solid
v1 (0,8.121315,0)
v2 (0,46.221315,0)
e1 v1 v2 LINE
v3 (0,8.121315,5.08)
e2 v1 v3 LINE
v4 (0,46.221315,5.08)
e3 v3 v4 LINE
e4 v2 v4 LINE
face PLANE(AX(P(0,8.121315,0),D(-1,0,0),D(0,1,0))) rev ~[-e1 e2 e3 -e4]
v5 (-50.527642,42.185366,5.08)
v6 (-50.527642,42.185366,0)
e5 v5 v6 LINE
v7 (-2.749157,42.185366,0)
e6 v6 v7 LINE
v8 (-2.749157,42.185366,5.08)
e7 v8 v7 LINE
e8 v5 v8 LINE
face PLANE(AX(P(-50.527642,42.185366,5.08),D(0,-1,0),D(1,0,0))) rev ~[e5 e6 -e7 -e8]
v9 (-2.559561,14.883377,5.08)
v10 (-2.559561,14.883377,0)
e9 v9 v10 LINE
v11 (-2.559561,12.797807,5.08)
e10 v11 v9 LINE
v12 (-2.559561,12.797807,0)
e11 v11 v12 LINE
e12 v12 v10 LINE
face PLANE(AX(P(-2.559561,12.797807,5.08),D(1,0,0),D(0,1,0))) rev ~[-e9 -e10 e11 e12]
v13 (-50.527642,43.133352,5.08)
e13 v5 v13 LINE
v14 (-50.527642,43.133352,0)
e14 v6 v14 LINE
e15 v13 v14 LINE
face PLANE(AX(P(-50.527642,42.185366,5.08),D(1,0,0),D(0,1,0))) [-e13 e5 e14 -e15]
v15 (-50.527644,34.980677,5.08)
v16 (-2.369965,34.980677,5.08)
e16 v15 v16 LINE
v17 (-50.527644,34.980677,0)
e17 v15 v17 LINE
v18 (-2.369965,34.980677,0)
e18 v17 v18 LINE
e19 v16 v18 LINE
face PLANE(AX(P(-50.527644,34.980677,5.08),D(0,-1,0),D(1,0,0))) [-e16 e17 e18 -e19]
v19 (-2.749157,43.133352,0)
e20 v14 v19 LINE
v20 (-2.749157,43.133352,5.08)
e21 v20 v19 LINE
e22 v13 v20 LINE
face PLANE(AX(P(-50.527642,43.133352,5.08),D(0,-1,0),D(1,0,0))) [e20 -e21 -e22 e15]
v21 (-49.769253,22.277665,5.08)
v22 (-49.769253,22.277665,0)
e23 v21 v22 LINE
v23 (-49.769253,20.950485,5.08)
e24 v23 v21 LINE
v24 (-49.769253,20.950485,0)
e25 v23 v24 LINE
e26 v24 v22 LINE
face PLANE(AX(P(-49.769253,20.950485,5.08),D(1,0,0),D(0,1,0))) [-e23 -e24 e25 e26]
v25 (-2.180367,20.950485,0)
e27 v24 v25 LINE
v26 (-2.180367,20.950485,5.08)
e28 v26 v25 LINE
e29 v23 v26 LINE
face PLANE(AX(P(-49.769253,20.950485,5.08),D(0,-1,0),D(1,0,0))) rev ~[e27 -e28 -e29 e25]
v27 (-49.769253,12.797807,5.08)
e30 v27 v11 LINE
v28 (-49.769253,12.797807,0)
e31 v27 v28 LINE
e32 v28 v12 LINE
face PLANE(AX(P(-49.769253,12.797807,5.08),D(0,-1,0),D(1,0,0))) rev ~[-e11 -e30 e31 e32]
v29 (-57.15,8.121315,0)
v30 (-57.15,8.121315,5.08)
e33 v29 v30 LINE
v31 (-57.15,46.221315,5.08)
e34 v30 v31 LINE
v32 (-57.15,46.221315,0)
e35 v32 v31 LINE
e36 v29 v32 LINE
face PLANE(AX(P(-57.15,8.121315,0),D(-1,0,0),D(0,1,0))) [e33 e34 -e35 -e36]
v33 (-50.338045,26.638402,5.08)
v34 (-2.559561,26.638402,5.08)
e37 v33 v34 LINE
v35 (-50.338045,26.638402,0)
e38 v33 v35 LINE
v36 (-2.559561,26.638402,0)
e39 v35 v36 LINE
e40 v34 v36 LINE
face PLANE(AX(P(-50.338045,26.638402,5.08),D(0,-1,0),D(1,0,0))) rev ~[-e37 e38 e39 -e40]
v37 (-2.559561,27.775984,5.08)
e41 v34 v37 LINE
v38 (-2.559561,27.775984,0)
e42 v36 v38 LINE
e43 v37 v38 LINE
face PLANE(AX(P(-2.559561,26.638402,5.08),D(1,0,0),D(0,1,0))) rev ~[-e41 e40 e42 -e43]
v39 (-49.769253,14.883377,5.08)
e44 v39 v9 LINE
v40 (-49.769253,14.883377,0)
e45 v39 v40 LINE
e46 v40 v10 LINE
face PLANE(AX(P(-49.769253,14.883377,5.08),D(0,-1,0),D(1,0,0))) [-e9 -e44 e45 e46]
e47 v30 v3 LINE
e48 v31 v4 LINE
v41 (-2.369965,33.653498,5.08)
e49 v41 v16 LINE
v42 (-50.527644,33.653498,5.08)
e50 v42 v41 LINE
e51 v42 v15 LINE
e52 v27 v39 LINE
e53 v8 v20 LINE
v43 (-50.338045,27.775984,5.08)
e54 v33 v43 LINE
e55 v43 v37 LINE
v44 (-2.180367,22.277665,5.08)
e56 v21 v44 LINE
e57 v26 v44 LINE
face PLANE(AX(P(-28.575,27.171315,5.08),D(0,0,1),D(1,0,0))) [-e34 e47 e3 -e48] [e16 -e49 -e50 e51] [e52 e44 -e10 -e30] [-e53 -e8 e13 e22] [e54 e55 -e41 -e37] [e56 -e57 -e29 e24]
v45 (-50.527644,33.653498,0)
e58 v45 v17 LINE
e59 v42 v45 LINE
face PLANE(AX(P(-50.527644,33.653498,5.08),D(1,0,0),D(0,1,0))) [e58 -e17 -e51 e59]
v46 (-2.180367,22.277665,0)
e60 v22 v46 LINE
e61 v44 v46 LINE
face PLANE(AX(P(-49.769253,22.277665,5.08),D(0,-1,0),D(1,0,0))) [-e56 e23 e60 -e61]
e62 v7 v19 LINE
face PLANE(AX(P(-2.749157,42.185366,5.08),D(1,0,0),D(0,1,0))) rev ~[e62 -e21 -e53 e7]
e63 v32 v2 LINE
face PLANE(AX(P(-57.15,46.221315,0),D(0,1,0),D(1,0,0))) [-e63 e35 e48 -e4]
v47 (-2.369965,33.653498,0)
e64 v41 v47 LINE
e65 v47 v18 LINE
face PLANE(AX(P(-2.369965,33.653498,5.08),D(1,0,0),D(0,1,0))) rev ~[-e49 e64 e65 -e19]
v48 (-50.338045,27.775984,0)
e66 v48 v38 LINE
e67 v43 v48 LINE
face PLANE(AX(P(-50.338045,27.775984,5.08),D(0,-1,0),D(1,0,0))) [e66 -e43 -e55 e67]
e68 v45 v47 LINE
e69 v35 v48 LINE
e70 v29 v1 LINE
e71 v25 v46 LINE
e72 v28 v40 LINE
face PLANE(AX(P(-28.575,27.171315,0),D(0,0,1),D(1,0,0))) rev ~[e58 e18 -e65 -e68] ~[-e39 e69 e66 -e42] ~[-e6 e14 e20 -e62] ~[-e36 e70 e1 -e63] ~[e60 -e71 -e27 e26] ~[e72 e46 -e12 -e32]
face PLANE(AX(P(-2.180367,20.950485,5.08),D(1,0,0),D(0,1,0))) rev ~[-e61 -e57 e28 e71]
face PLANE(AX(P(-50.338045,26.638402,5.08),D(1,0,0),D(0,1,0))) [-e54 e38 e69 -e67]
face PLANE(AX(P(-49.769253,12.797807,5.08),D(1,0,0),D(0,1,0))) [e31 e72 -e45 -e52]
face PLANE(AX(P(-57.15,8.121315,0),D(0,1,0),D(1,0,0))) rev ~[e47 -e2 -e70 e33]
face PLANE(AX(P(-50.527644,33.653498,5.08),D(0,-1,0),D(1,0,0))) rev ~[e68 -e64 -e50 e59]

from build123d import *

# Parameters (mm, degrees)
F0_W     = 57.15
F0_H     = 38.1
F1_DEPTH = 5.08
F2_W     = 47.778485
F2_H     = 0.947986
F2_W_2   = 48.157679
F2_H_2   = 1.327179
F2_W_3   = 47.778484
F2_H_3   = 1.137582
F2_W_4   = 47.588886
F2_W_5   = 47.209692
F2_H_4   = 2.085569
F3_DEPTH = 115163.6


with BuildPart() as f1:
    # F0 (on Top) → F1 (new body)
    with BuildSketch(Plane.XY):
        with Locations((-28.575, 27.171315)):
            Rectangle(F0_W, F0_H)
    extrude(amount=F1_DEPTH)

    # F2 (on face) → F3 (cut)
    with BuildSketch(Plane.XY.offset(5.08)):
        with Locations((-26.6384, 42.659359)):
            Rectangle(F2_W, F2_H)
        with Locations((-26.448804, 34.317087)):
            Rectangle(F2_W_2, F2_H_2)
        with Locations((-26.448803, 27.207193)):
            Rectangle(F2_W_3, F2_H_3)
        with Locations((-25.97481, 21.614075)):
            Rectangle(F2_W_4, F2_H_2)
        with Locations((-26.164407, 13.840592)):
            Rectangle(F2_W_5, F2_H_4)
    extrude(amount=-F3_DEPTH, mode=Mode.SUBTRACT)


solid = f1.part
